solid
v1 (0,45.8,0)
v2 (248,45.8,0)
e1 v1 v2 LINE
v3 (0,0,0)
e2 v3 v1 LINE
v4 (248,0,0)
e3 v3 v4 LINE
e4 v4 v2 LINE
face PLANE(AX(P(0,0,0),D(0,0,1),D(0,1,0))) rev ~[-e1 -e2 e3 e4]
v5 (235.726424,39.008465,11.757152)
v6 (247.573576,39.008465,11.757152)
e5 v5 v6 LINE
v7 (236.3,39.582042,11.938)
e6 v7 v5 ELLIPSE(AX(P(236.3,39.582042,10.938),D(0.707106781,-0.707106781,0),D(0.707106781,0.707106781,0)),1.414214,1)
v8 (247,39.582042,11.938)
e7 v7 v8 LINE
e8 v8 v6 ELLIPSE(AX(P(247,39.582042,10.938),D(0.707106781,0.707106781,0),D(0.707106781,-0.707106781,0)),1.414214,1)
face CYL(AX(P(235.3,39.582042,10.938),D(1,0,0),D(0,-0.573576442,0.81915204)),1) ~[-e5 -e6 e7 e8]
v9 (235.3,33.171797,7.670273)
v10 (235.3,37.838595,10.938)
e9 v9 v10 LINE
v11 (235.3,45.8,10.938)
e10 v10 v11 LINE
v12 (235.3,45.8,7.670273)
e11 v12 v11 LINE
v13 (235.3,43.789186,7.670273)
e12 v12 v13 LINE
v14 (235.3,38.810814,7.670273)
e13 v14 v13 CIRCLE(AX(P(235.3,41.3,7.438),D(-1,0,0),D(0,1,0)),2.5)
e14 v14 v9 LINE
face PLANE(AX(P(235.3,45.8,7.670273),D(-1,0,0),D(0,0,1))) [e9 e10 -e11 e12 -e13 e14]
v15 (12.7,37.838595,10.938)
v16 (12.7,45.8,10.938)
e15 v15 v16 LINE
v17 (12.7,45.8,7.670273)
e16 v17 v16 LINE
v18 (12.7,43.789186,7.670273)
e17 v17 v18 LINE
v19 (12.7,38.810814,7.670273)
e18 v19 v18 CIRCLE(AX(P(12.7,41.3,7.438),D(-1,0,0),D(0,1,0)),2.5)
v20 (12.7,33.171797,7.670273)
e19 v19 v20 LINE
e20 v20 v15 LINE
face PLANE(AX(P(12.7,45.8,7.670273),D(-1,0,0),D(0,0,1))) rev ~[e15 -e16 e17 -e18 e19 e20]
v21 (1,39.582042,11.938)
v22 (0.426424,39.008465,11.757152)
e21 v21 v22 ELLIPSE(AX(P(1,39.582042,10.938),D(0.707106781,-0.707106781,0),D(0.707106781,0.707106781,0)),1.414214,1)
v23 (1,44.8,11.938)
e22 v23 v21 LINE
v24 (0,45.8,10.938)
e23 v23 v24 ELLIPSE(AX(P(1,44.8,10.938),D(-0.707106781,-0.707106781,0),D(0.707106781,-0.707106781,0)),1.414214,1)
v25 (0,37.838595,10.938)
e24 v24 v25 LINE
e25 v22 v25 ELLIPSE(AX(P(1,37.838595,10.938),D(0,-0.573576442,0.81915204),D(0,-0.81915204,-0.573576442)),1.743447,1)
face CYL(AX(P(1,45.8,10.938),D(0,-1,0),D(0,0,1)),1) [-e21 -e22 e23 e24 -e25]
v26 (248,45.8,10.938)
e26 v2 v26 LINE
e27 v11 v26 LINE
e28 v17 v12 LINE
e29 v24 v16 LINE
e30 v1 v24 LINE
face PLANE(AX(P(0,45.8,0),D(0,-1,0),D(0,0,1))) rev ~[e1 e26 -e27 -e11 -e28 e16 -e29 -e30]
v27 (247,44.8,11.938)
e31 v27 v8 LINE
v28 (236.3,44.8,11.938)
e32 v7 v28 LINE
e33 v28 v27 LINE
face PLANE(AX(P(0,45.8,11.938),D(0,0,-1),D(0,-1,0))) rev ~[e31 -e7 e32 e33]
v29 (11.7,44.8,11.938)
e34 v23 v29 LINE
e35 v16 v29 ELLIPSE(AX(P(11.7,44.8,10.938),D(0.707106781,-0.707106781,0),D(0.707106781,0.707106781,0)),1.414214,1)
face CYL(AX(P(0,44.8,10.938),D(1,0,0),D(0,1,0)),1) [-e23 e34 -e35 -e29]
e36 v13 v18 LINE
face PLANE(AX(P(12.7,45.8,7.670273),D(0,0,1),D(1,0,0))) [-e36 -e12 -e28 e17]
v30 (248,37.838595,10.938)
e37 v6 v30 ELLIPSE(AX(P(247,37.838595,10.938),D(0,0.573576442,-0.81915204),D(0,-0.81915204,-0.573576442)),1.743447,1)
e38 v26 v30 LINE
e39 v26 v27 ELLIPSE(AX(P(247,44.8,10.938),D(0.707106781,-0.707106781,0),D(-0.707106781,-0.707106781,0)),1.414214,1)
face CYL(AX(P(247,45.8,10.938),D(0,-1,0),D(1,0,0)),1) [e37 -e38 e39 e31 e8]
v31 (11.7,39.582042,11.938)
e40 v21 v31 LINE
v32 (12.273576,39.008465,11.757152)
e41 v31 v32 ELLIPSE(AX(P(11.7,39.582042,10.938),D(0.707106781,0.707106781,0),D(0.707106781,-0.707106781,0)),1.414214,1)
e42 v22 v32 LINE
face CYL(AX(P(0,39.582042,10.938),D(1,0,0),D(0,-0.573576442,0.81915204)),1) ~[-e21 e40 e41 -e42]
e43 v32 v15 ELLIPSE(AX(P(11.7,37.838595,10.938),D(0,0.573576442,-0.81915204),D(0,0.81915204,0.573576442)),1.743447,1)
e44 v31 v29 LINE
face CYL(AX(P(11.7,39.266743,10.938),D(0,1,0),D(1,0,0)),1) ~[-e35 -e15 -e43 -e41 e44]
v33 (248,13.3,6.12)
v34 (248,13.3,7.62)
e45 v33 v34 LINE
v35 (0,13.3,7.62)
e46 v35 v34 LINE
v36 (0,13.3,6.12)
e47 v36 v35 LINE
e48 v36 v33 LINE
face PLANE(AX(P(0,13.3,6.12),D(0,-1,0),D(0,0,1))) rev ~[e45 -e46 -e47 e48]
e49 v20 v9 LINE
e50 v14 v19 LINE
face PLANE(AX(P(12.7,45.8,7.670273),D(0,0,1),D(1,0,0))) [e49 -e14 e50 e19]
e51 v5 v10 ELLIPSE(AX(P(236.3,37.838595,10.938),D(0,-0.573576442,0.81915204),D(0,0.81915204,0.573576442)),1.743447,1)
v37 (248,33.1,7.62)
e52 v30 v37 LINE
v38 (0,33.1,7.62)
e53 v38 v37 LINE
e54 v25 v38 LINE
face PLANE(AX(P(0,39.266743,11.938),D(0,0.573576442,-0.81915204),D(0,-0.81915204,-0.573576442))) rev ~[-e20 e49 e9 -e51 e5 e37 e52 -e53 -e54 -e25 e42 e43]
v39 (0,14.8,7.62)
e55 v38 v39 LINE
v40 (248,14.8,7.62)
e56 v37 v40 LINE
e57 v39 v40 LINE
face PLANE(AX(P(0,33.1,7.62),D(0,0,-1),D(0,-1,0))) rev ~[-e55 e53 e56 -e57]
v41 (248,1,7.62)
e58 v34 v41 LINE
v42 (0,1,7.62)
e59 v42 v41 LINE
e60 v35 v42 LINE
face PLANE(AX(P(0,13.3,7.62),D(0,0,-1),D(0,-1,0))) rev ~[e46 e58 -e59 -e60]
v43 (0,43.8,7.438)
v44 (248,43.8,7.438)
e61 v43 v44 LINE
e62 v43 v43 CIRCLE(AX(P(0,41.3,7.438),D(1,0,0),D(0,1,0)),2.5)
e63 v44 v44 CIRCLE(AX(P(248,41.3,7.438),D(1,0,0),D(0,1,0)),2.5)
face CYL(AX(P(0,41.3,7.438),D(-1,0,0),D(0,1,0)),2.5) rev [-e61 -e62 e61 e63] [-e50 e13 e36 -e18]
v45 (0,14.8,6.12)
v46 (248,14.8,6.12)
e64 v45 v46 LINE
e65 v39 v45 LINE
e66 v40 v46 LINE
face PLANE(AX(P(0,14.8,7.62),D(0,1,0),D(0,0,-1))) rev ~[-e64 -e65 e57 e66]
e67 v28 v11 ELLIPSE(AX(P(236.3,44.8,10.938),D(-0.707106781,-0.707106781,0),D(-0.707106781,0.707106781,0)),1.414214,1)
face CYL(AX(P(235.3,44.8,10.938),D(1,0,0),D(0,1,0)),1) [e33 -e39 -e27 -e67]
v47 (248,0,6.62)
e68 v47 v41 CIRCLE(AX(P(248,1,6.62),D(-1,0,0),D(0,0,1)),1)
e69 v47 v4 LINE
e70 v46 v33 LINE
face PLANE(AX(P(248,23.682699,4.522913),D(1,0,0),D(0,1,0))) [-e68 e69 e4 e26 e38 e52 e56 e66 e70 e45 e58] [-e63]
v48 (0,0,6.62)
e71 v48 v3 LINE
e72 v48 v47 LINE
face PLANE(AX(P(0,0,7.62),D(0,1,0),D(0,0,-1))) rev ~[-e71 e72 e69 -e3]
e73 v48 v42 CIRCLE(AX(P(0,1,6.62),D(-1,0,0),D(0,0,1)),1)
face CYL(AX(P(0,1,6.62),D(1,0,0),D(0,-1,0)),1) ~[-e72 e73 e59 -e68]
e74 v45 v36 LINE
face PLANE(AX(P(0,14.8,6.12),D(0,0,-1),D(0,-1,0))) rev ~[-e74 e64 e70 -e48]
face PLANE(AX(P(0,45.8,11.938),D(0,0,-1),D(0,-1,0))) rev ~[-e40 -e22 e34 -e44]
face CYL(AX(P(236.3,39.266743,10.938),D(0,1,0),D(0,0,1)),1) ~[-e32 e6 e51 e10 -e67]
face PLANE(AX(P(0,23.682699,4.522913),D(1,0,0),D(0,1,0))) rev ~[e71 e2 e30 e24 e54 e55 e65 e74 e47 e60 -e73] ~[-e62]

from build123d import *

# Parameters (mm, degrees)
SKETCH_R     = 2.5
PAD_DEPTH    = 248
SKETCH001_W  = 4.639466
SKETCH001_H  = 222.6
POCKET_DEPTH = 25.4
FILLET_R     = 1
FILLET001_R  = 1
FILLET002_R  = 1


with BuildPart() as part:
    # Sketch → Pad (new body)
    with BuildSketch(Plane.YZ):
        Polygon((0, 0), (45.8, 0), (45.8, 7.62), (45.8, 11.938), (39.266743, 11.938), (33.1, 7.62), (14.8, 7.62), (14.8, 6.12), (13.3, 6.12), (13.3, 7.62), (0, 7.62), align=None)
        with Locations((41.3, 7.438)):
            Circle(SKETCH_R, mode=Mode.SUBTRACT)
    extrude(amount=PAD_DEPTH)

    # Sketch001 (on Face3 of Pad) → Pocket (cut)
    with BuildSketch(Plane.ZX.offset(45.8)):
        with Locations((9.990006, 124)):
            Rectangle(SKETCH001_W, SKETCH001_H)
    extrude(amount=-POCKET_DEPTH, mode=Mode.SUBTRACT)

    # Fillet
    fillet_edges = [part.edges().sort_by_distance(p)[0] for p in [
        (124, 0, 7.62),
    ]]
    fillet(fillet_edges, radius=FILLET_R)

    # Fillet001
    fillet001_edges = [part.edges().sort_by_distance(p)[0] for p in [
        (235.3, 42.533372, 11.938),
        (241.65, 39.266743, 11.938),
        (248, 42.533372, 11.938),
        (241.65, 45.8, 11.938),
    ]]
    fillet(fillet001_edges, radius=FILLET001_R)

    # Fillet002
    fillet002_edges = [part.edges().sort_by_distance(p)[0] for p in [
        (0, 42.533372, 11.938),
        (6.35, 39.266743, 11.938),
        (12.7, 42.533372, 11.938),
        (6.35, 45.8, 11.938),
    ]]
    fillet(fillet002_edges, radius=FILLET002_R)


solid = part.part
